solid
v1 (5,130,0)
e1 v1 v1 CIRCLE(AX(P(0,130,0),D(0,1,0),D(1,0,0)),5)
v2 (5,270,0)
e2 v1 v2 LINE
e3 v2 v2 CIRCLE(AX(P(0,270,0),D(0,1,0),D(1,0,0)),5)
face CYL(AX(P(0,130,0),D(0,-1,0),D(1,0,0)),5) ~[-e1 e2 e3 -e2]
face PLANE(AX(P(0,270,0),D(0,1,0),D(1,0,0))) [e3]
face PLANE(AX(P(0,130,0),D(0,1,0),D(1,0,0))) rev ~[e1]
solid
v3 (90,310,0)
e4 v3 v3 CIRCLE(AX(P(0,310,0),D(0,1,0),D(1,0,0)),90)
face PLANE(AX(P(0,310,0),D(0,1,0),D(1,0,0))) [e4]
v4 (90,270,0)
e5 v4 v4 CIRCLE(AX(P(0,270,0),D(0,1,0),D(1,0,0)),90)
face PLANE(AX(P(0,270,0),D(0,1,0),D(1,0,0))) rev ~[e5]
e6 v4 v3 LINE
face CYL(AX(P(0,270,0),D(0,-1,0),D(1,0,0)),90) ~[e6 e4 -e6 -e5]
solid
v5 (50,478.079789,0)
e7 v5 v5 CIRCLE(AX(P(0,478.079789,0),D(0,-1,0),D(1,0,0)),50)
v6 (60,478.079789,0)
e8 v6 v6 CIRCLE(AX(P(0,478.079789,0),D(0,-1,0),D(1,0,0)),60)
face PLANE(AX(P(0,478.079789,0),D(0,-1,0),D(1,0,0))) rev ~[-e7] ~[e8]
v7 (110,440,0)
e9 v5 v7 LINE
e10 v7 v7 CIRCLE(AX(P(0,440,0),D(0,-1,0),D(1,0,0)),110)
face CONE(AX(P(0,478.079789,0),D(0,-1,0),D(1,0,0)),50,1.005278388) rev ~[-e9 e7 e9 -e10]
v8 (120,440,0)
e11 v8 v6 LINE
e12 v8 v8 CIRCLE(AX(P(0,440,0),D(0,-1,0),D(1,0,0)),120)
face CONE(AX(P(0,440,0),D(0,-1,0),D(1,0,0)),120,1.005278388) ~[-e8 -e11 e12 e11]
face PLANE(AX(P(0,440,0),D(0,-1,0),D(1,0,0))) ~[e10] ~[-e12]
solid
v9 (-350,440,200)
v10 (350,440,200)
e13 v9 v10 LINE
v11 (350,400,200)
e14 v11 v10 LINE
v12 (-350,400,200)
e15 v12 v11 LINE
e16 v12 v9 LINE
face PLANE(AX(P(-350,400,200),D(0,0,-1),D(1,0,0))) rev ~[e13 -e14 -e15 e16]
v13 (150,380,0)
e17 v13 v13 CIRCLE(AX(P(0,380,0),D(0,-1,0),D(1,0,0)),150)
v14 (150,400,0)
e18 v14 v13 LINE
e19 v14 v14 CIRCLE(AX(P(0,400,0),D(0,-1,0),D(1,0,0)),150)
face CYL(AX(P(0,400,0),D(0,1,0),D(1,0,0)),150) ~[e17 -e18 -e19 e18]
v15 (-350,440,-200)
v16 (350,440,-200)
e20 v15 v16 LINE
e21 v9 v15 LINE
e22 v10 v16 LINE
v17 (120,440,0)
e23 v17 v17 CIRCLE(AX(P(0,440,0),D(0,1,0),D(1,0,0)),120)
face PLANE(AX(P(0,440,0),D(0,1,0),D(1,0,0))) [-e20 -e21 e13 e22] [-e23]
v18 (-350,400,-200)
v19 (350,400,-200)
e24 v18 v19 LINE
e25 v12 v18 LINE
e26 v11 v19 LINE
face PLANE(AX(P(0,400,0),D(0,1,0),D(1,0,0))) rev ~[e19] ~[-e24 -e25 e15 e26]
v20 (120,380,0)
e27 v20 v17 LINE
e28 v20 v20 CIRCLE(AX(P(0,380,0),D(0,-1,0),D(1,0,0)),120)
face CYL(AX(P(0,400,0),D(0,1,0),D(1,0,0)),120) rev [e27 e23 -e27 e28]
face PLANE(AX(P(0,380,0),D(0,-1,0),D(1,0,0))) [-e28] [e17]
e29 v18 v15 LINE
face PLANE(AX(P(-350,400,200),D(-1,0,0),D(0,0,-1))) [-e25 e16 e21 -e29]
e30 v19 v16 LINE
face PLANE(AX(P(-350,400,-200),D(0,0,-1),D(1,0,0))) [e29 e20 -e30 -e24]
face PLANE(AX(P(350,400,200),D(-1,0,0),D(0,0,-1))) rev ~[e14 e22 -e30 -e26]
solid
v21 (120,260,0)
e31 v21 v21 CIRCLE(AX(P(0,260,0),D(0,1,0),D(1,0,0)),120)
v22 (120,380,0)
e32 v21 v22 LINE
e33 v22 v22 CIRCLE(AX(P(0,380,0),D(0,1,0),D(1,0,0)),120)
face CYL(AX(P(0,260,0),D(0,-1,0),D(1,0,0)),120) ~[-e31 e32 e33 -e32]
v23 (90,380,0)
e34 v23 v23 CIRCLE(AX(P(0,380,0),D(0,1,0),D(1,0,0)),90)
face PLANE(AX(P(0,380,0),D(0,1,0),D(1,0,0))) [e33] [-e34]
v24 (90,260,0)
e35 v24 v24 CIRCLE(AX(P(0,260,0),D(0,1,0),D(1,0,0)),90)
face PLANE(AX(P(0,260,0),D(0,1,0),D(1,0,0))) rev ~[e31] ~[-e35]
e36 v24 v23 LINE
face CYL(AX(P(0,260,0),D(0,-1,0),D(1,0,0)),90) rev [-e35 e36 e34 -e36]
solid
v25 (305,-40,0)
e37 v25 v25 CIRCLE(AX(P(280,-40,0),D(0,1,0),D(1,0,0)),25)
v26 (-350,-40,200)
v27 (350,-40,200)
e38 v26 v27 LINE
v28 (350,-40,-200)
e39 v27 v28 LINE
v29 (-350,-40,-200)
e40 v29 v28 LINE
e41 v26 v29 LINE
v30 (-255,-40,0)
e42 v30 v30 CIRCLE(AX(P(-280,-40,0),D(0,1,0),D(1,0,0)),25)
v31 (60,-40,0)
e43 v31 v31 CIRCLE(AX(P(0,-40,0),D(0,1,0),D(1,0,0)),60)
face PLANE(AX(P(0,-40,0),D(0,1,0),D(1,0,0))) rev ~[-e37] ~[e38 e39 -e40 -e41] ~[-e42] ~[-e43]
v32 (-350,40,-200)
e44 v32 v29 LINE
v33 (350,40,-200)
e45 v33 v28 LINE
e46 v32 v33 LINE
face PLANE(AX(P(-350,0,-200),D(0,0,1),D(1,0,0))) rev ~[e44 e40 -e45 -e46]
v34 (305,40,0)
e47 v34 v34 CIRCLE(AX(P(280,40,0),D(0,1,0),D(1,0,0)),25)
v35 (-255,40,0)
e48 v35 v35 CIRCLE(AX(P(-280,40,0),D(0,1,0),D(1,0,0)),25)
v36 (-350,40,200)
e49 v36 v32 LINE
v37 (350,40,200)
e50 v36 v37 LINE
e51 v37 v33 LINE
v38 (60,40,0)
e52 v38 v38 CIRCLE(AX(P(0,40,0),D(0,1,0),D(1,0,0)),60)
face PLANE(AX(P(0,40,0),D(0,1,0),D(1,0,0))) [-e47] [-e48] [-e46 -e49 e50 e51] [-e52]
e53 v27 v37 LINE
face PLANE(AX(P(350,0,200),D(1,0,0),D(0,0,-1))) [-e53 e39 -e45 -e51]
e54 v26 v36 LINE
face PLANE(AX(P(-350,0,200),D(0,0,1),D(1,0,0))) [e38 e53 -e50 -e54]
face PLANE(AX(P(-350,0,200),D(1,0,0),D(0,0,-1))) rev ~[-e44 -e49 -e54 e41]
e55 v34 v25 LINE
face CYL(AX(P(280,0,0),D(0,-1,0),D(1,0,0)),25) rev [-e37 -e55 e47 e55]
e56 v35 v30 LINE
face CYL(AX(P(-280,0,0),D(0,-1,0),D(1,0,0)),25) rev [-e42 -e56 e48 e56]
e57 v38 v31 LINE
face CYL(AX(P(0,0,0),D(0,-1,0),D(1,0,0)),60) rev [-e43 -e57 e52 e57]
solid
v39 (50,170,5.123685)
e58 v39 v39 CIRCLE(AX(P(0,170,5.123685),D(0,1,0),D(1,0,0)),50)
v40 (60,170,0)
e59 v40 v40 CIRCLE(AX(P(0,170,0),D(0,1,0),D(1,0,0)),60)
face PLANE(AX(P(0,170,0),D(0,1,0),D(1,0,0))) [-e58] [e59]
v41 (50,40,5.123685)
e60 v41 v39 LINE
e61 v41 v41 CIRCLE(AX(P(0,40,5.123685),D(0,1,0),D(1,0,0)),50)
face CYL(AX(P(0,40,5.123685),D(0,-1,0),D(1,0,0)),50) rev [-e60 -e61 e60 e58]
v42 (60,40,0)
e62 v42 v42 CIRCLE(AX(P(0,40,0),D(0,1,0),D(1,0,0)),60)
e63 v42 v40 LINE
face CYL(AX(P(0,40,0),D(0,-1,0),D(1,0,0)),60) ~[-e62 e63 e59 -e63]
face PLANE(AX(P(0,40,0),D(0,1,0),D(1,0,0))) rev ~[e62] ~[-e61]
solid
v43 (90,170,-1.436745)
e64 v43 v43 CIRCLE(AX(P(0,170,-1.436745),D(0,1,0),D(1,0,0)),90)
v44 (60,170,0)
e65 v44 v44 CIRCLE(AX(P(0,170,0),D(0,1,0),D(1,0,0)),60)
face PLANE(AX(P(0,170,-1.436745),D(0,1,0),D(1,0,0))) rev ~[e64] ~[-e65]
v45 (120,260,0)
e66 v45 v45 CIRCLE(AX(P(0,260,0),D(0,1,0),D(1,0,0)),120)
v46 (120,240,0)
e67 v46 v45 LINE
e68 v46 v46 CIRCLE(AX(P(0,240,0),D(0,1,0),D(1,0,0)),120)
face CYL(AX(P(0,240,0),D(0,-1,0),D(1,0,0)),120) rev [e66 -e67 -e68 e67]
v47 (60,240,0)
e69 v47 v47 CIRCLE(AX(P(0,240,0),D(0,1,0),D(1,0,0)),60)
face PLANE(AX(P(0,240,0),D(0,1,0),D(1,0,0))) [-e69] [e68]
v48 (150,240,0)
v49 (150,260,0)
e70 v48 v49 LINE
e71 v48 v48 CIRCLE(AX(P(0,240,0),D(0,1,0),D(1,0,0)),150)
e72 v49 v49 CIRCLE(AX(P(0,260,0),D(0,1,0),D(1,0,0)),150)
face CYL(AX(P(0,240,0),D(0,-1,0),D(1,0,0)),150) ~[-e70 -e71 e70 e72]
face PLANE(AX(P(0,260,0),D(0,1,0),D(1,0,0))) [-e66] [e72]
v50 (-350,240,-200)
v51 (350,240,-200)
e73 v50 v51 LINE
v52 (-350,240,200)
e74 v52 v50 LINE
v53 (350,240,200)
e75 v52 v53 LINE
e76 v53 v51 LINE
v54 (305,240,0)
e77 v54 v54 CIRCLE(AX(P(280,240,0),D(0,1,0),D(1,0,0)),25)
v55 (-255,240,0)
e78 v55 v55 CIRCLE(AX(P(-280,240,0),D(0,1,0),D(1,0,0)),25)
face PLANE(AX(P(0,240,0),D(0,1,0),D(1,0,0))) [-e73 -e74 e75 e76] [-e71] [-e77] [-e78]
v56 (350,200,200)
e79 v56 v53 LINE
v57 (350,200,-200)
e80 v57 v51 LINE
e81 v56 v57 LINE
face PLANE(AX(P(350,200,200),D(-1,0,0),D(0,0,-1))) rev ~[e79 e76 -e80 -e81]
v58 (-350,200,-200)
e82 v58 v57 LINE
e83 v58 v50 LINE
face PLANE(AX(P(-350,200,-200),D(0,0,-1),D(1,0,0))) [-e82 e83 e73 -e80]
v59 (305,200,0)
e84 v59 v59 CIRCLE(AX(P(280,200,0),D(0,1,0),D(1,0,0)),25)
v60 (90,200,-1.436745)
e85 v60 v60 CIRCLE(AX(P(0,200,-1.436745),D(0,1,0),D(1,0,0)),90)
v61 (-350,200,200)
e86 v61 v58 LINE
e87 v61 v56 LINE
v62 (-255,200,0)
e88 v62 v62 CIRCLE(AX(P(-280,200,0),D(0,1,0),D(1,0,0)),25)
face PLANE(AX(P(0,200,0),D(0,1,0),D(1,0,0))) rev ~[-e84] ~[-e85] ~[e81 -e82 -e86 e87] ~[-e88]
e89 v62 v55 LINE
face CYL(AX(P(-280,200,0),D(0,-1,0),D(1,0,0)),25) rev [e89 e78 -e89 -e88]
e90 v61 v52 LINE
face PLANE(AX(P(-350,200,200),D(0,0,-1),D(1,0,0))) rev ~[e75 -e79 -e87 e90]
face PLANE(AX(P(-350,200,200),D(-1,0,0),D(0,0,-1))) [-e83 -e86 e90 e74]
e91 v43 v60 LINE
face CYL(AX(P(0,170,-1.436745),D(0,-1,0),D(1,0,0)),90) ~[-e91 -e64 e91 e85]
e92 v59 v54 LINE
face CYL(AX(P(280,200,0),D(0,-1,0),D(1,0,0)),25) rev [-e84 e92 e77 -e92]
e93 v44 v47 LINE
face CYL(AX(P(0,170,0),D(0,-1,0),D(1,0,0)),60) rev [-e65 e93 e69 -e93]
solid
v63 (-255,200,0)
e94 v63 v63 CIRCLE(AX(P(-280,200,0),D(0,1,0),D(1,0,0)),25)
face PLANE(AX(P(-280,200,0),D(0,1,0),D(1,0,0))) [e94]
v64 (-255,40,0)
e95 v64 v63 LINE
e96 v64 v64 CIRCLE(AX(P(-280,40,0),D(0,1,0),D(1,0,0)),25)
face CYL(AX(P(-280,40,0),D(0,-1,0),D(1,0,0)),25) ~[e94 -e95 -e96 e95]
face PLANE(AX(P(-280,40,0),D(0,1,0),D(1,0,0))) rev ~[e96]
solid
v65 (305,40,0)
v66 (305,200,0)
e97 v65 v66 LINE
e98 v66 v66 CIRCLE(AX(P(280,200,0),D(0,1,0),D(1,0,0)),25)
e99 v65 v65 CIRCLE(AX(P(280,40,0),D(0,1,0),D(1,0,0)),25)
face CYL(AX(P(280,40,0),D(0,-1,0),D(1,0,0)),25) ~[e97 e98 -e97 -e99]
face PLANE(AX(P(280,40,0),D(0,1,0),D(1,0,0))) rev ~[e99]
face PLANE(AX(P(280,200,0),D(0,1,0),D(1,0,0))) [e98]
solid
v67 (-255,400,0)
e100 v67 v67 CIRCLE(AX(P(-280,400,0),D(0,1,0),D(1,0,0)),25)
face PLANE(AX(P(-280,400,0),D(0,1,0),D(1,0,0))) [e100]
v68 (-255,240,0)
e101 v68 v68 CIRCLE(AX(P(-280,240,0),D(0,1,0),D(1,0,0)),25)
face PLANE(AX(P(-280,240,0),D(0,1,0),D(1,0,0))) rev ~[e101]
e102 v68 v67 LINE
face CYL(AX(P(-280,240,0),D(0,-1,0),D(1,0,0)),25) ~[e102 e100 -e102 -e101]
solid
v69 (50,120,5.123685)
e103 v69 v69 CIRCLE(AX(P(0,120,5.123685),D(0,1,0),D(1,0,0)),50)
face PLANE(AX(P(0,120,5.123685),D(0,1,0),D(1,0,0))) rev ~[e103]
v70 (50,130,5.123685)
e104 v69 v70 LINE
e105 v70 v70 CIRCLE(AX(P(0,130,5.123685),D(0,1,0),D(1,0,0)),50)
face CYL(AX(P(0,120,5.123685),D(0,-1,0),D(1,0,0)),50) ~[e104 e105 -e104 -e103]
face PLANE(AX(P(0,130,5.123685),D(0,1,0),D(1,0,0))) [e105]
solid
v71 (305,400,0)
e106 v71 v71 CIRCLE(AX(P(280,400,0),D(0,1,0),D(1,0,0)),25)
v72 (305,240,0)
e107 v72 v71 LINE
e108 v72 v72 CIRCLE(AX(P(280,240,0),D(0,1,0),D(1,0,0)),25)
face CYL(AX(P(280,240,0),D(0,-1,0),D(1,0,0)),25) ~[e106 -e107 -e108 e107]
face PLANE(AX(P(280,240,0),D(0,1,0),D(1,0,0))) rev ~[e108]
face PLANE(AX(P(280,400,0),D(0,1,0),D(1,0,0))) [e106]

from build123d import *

# Parameters (mm, degrees)
SKETCH1_W              = 700
SKETCH1_H              = 400
SKETCH1_R              = 25
SKETCH1_R_2            = 60
BOSS_EXTRUDE1_DEPTH    = 40
SKETCH4_W              = 700
SKETCH4_H              = 400
SKETCH4_R              = 120
BOSS_EXTRUDE3_DEPTH    = 40
SKETCH5_W              = 700
SKETCH5_H              = 400
SKETCH5_R              = 25
SKETCH5_R_2            = 60
BOSS_EXTRUDE5_DEPTH    = 40
SKETCH6_R              = 60
SKETCH6_R_2            = 50
BOSS_EXTRUDE6_DEPTH    = 130
SKETCH7_R              = 25
BOSS_EXTRUDE7_DEPTH    = 160
BOSS_EXTRUDE7_2_DEPTH  = 160
SKETCH8_R              = 50
BOSS_EXTRUDE8_DEPTH    = 10
SKETCH9_R              = 5
BOSS_EXTRUDE9_DEPTH    = 140
SKETCH10_R             = 90
SKETCH10_R_2           = 60
BOSS_EXTRUDE10_DEPTH   = 30
SKETCH11_R             = 90
BOSS_EXTRUDE11_DEPTH   = 40
SKETCH12_R             = 150
SKETCH12_R_2           = 120
BOSS_EXTRUDE13_DEPTH   = 20
SKETCH13_R             = 120
SKETCH13_R_2           = 90
BOSS_EXTRUDE15_DEPTH   = 120
SKETCH17_R             = 150
SKETCH17_R_2           = 120
BOSS_EXTRUDE17_DEPTH   = 20
SKETCH18_R             = 25
BOSS_EXTRUDE18_DEPTH   = 160
BOSS_EXTRUDE18_2_DEPTH = 160


with BuildPart() as part:
    # Sketch1 → Boss-Extrude1 (new body, symmetric)
    with BuildSketch(Plane(origin=(0, 0, 0), x_dir=(1, 0, 0), z_dir=(0, 1, 0))):
        Rectangle(SKETCH1_W, SKETCH1_H)
        with Locations((-280, 0)):
            Circle(SKETCH1_R, mode=Mode.SUBTRACT)
        with Locations((280, 0)):
            Circle(SKETCH1_R, mode=Mode.SUBTRACT)
        Circle(SKETCH1_R_2, mode=Mode.SUBTRACT)
    extrude(amount=BOSS_EXTRUDE1_DEPTH, both=True)


with BuildPart() as body_2:
    # Sketch4 → Boss-Extrude3 (new body)
    with BuildSketch(Plane(origin=(0, 400, 0), x_dir=(1, 0, 0), z_dir=(0, 1, 0))):
        Rectangle(SKETCH4_W, SKETCH4_H)
        Circle(SKETCH4_R, mode=Mode.SUBTRACT)
    extrude(amount=BOSS_EXTRUDE3_DEPTH)

    # Sketch17 → Boss-Extrude17 (add)
    with BuildSketch(Plane.XZ.offset(-400)):
        Circle(SKETCH17_R)
        Circle(SKETCH17_R_2, mode=Mode.SUBTRACT)
    extrude(amount=BOSS_EXTRUDE17_DEPTH)


with BuildPart() as body_3:
    # Sketch5 → Boss-Extrude5 (new body)
    with BuildSketch(Plane(origin=(0, 200, 0), x_dir=(1, 0, 0), z_dir=(0, 1, 0))):
        Rectangle(SKETCH5_W, SKETCH5_H)
        with Locations((-280, 0)):
            Circle(SKETCH5_R, mode=Mode.SUBTRACT)
        with Locations((280, 0)):
            Circle(SKETCH5_R, mode=Mode.SUBTRACT)
        Circle(SKETCH5_R_2, mode=Mode.SUBTRACT)
    extrude(amount=BOSS_EXTRUDE5_DEPTH)

    # Sketch10 → Boss-Extrude10 (add)
    with BuildSketch(Plane(origin=(0, 170, 0), x_dir=(1, 0, 0), z_dir=(0, 1, 0))):
        with Locations((0, 1.436744995)):
            Circle(SKETCH10_R)
        Circle(SKETCH10_R_2, mode=Mode.SUBTRACT)
    extrude(amount=BOSS_EXTRUDE10_DEPTH)

    # Sketch12 → Boss-Extrude13 (add)
    with BuildSketch(Plane(origin=(0, 240, 0), x_dir=(1, 0, 0), z_dir=(0, 1, 0))):
        Circle(SKETCH12_R)
        Circle(SKETCH12_R_2, mode=Mode.SUBTRACT)
    extrude(amount=BOSS_EXTRUDE13_DEPTH)


with BuildPart() as body_4:
    # Sketch6 → Boss-Extrude6 (new body)
    with BuildSketch(Plane(origin=(0, 40, 0), x_dir=(1, 0, 0), z_dir=(0, 1, 0))):
        Circle(SKETCH6_R)
        with Locations((0, -5.12368521)):
            Circle(SKETCH6_R_2, mode=Mode.SUBTRACT)
    extrude(amount=BOSS_EXTRUDE6_DEPTH)


with BuildPart() as body_5:
    # Sketch7 → Boss-Extrude7 (new body)
    with BuildSketch(Plane(origin=(0, 40, 0), x_dir=(1, 0, 0), z_dir=(0, 1, 0))):
        with Locations((-280, 0)):
            Circle(SKETCH7_R)
    extrude(amount=BOSS_EXTRUDE7_DEPTH)


with BuildPart() as body_6:
    # Sketch7 → Boss-Extrude7 2 (new body)
    with BuildSketch(Plane(origin=(0, 40, 0), x_dir=(1, 0, 0), z_dir=(0, 1, 0))):
        with Locations((280, 0)):
            Circle(SKETCH7_R)
    extrude(amount=BOSS_EXTRUDE7_2_DEPTH)


with BuildPart() as body_7:
    # Sketch8 → Boss-Extrude8 (new body)
    with BuildSketch(Plane(origin=(0, 120, 0), x_dir=(1, 0, 0), z_dir=(0, 1, 0))):
        with Locations((0, -5.12368521)):
            Circle(SKETCH8_R)
    extrude(amount=BOSS_EXTRUDE8_DEPTH)


with BuildPart() as body_8:
    # Sketch9 → Boss-Extrude9 (new body)
    with BuildSketch(Plane(origin=(0, 130, 0), x_dir=(1, 0, 0), z_dir=(0, 1, 0))):
        Circle(SKETCH9_R)
    extrude(amount=BOSS_EXTRUDE9_DEPTH)


with BuildPart() as body_9:
    # Sketch11 → Boss-Extrude11 (new body)
    with BuildSketch(Plane(origin=(0, 270, 0), x_dir=(1, 0, 0), z_dir=(0, 1, 0))):
        Circle(SKETCH11_R)
    extrude(amount=BOSS_EXTRUDE11_DEPTH)


with BuildPart() as body_10:
    # Sketch13 → Boss-Extrude15 (new body)
    with BuildSketch(Plane(origin=(0, 260, 0), x_dir=(1, 0, 0), z_dir=(0, 1, 0))):
        Circle(SKETCH13_R)
        Circle(SKETCH13_R_2, mode=Mode.SUBTRACT)
    extrude(amount=BOSS_EXTRUDE15_DEPTH)


with BuildPart() as body_11:
    # Sketch18 → Boss-Extrude18 (new body)
    with BuildSketch(Plane(origin=(0, 240, 0), x_dir=(1, 0, 0), z_dir=(0, 1, 0))):
        with Locations((-280, 0)):
            Circle(SKETCH18_R)
    extrude(amount=BOSS_EXTRUDE18_DEPTH)


with BuildPart() as body_12:
    # Sketch18 → Boss-Extrude18 2 (new body)
    with BuildSketch(Plane(origin=(0, 240, 0), x_dir=(1, 0, 0), z_dir=(0, 1, 0))):
        with Locations((280, 0)):
            Circle(SKETCH18_R)
    extrude(amount=BOSS_EXTRUDE18_2_DEPTH)


with BuildPart() as body_13:
    # Sketch32 → Revolve1 (revolve)
    with BuildSketch(Plane.XY):
        Polygon((120, 440), (60, 478.079788953), (50, 478.079788953), (110, 440), align=None)
    revolve(axis=Axis((0, 562.46392895, 0), (0, -1, 0)))


solid = Compound([part.part, body_2.part, body_3.part, body_4.part, body_5.part, body_6.part, body_7.part, body_8.part, body_9.part, body_10.part, body_11.part, body_12.part, body_13.part])
